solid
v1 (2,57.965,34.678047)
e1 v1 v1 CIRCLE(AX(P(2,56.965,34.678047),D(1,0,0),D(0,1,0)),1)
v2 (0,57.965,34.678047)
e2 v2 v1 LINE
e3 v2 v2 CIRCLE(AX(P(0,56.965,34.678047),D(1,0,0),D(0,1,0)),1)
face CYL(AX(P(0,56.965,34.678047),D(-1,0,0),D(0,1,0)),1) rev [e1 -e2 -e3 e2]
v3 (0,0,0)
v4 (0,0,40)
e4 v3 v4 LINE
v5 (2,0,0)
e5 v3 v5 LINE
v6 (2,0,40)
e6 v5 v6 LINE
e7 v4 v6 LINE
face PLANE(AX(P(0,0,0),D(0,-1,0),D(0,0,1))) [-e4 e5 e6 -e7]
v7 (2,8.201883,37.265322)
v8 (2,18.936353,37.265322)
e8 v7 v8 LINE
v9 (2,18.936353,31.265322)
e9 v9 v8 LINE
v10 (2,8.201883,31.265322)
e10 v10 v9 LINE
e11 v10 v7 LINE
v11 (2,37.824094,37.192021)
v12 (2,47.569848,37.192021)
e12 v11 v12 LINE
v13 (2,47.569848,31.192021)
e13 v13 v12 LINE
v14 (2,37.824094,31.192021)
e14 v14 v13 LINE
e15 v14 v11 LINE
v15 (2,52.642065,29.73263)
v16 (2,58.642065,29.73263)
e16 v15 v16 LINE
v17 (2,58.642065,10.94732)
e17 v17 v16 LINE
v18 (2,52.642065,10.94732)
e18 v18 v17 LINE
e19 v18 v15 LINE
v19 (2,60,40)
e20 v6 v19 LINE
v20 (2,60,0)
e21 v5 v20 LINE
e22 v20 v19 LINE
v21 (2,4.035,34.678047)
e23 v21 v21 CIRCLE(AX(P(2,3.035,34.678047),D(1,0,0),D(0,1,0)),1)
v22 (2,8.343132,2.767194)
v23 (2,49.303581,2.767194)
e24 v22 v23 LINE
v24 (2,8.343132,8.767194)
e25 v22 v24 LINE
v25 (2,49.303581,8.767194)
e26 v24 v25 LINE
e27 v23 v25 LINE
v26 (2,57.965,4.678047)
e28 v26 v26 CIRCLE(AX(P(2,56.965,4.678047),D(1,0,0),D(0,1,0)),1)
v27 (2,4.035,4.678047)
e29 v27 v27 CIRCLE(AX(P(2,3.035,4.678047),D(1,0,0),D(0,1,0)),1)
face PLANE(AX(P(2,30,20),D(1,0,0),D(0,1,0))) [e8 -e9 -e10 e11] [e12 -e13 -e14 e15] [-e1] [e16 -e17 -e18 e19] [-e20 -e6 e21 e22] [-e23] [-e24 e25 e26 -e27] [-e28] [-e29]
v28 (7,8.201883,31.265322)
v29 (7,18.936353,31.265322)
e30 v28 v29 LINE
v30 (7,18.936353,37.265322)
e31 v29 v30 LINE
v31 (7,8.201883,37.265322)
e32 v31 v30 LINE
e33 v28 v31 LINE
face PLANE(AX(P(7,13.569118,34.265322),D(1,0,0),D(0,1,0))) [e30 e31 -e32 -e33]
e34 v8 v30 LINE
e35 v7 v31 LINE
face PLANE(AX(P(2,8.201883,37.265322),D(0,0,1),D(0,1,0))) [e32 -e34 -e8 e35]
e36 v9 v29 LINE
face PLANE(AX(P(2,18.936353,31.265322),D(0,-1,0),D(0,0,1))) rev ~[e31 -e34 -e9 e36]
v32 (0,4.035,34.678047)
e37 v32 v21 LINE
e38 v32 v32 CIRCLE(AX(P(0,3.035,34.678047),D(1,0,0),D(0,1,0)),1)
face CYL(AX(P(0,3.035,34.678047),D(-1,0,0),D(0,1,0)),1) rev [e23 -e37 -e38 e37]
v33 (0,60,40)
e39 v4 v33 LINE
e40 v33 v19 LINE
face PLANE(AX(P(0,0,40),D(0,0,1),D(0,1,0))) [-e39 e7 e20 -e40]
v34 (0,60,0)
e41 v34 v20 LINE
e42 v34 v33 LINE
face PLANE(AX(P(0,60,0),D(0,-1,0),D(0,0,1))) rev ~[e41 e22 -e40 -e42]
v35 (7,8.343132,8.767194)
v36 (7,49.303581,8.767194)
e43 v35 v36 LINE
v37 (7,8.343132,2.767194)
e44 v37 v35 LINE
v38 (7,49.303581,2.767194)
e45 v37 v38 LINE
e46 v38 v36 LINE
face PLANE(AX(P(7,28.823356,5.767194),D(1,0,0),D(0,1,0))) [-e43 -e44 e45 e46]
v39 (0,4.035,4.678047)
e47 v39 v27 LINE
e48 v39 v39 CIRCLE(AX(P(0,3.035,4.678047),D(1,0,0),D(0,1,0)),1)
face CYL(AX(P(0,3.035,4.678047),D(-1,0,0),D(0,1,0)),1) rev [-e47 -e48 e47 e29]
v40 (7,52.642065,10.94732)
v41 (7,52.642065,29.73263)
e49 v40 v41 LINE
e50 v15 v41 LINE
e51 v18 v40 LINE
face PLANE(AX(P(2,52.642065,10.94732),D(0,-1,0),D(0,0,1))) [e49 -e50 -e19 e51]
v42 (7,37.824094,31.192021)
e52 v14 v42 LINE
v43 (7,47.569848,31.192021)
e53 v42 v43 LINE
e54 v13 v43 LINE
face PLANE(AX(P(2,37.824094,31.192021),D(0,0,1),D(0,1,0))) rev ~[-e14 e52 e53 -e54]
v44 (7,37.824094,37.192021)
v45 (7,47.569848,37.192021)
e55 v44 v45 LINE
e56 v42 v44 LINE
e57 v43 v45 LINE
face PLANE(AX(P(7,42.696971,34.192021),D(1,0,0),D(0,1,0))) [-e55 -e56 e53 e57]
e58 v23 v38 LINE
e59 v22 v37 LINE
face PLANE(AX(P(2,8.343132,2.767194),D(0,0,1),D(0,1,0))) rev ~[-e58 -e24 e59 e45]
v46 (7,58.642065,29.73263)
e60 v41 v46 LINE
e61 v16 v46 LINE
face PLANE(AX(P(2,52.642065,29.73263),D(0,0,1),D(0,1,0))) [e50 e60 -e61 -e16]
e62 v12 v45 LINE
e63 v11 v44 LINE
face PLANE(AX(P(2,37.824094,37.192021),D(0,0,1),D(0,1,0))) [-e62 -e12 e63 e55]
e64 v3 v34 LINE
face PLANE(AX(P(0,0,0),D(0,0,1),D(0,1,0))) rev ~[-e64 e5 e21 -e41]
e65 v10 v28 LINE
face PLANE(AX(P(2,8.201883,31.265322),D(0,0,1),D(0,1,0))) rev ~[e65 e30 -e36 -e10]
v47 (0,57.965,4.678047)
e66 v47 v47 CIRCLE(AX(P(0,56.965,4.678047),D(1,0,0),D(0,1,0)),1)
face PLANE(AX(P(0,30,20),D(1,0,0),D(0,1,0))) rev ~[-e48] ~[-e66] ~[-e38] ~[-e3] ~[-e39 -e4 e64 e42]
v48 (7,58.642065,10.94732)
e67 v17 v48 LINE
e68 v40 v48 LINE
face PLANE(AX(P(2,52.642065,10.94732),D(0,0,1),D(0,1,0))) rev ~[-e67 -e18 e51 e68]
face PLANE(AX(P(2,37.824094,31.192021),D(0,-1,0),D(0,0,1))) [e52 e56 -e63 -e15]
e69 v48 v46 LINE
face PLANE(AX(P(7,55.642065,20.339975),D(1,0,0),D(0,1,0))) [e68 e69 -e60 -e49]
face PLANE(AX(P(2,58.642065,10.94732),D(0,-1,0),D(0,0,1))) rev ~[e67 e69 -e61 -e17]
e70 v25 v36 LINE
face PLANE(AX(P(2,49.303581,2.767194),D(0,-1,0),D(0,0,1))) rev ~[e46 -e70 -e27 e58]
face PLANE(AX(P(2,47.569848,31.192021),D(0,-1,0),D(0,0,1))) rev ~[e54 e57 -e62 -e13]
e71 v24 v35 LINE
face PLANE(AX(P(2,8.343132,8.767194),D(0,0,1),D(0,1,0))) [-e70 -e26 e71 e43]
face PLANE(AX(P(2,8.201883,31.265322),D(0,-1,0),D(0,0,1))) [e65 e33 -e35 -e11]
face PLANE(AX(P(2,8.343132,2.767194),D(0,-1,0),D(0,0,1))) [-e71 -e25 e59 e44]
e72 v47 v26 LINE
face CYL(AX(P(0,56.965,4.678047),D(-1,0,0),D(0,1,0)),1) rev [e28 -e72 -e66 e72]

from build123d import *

# Parameters (mm, degrees)
SKETCH_W      = 60
SKETCH_H      = 40
SKETCH_R      = 1
PAD_DEPTH     = 2
SKETCH001_W   = 10.734469
SKETCH001_H   = 6
SKETCH001_W_2 = 6
SKETCH001_H_2 = 18.785311
SKETCH001_W_3 = 40.960449
SKETCH001_W_4 = 9.745754
PAD001_DEPTH  = 5


with BuildPart() as part:
    # Sketch → Pad (new body)
    with BuildSketch(Plane.YZ):
        with Locations((30, 20)):
            Rectangle(SKETCH_W, SKETCH_H)
        with Locations((3.035, 34.678047)):
            Circle(SKETCH_R, mode=Mode.SUBTRACT)
        with Locations((56.965, 34.678047)):
            Circle(SKETCH_R, mode=Mode.SUBTRACT)
        with Locations((56.965, 4.678047)):
            Circle(SKETCH_R, mode=Mode.SUBTRACT)
        with Locations((3.035, 4.678047)):
            Circle(SKETCH_R, mode=Mode.SUBTRACT)
    extrude(amount=PAD_DEPTH)

    # Sketch001 (on Face10 of Pad) → Pad001 (join)
    with BuildSketch(Plane.YZ.offset(2)):
        with Locations((13.569118, 34.265322)):
            Rectangle(SKETCH001_W, SKETCH001_H)
        with Locations((55.642065, 20.339975)):
            Rectangle(SKETCH001_W_2, SKETCH001_H_2)
        with Locations((28.823356, 5.767194)):
            Rectangle(SKETCH001_W_3, SKETCH001_H)
        with Locations((42.696971, 34.192021)):
            Rectangle(SKETCH001_W_4, SKETCH001_H)
    extrude(amount=PAD001_DEPTH)


solid = part.part
